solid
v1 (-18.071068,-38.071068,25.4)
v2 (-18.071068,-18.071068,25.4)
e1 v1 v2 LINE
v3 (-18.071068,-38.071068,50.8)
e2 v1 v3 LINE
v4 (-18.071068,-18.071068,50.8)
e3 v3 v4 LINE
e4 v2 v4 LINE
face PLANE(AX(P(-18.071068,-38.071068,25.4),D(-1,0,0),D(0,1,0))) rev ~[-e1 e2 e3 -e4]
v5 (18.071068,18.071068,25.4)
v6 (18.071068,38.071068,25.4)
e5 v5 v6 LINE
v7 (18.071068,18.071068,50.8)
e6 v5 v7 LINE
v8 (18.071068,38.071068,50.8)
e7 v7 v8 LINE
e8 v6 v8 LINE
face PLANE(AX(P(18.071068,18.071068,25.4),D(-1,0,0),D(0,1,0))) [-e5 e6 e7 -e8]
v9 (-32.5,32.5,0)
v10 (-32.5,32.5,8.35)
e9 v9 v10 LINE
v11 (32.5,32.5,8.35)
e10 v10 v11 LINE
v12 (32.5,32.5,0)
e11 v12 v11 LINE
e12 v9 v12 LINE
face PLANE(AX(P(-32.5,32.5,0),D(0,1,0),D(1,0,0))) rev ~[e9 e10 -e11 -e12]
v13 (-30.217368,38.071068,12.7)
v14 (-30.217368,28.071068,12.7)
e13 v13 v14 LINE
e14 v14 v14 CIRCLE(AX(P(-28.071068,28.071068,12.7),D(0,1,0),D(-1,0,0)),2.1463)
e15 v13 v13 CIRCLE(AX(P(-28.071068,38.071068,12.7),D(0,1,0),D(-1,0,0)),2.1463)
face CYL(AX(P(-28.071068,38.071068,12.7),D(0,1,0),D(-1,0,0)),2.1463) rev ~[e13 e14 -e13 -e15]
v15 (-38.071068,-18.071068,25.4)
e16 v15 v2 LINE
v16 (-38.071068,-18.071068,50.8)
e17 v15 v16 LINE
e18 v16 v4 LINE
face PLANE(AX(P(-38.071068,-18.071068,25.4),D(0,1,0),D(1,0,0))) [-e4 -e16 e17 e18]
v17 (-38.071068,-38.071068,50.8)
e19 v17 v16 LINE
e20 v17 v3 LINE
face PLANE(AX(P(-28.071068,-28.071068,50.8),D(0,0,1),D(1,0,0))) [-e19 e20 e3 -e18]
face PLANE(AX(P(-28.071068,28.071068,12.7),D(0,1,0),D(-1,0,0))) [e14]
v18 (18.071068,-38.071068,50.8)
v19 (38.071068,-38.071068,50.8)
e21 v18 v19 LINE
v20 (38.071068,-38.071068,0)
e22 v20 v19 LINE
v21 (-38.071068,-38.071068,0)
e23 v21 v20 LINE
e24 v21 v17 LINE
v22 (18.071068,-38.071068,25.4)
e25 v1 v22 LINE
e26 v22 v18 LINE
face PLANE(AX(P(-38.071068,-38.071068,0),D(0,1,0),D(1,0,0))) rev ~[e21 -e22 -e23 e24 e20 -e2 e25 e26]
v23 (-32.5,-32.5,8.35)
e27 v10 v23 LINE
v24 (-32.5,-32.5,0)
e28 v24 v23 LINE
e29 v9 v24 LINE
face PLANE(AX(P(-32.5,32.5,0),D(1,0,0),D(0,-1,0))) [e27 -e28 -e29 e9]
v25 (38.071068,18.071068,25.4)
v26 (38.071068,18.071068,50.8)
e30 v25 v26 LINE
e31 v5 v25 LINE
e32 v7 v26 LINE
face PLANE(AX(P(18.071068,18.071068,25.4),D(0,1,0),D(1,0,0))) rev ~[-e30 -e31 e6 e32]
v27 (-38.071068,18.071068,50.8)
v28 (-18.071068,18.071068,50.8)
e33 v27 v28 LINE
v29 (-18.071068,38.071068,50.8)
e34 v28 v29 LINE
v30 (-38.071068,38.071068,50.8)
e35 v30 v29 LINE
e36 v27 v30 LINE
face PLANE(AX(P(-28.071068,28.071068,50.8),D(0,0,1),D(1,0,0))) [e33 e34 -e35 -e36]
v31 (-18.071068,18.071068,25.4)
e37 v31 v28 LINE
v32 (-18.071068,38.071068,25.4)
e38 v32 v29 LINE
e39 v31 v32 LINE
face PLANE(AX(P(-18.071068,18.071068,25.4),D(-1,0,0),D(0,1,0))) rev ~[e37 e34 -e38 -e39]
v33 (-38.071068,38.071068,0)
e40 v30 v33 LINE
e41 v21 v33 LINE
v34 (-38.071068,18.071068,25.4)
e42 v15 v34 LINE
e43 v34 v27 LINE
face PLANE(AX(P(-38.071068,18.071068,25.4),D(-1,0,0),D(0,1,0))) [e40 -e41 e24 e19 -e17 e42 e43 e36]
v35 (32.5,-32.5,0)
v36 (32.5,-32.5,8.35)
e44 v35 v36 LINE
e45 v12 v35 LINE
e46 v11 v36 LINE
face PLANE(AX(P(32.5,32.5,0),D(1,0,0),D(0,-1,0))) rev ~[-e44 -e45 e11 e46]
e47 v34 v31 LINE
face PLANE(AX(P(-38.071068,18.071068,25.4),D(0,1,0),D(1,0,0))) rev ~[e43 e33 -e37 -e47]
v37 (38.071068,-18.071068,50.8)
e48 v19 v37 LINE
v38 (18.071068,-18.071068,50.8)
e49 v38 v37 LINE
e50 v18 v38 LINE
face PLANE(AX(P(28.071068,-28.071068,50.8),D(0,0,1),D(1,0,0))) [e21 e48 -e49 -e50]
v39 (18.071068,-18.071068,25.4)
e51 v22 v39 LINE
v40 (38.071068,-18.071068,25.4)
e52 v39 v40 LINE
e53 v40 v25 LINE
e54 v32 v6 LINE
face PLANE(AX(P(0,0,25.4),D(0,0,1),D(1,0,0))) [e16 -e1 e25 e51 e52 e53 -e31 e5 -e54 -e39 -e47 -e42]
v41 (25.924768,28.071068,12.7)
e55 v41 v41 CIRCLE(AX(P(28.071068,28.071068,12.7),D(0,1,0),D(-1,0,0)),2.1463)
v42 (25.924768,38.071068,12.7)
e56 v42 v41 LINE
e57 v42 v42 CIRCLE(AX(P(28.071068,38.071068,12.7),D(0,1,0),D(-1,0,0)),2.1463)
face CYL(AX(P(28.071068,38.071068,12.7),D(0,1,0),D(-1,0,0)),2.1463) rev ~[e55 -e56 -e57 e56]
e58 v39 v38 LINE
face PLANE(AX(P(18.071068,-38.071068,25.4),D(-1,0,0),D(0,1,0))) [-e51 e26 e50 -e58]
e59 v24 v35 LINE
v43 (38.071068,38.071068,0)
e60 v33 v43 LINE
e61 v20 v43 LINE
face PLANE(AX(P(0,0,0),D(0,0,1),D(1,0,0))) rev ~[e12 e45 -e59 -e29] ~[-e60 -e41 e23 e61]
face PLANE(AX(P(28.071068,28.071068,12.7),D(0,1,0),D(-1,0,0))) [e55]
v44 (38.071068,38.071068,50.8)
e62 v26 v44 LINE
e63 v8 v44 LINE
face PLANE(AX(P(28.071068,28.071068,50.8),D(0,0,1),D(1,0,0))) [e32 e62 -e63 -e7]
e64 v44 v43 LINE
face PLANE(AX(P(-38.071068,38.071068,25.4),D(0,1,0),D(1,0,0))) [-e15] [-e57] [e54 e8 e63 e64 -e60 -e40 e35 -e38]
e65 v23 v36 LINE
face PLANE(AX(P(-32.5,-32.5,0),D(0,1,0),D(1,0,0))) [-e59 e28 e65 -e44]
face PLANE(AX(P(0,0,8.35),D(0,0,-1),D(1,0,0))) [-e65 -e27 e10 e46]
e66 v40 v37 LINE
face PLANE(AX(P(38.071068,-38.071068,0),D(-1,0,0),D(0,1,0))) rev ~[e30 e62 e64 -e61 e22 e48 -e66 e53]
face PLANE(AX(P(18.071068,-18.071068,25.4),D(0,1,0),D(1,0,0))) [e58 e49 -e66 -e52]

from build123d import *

# Parameters (mm, degrees)
SKETCH_W        = 76.142136
SKETCH_H        = 76.142136
PAD_DEPTH       = 25.4
SKETCH001_W     = 20
SKETCH001_H     = 20
PAD001_DEPTH    = 25.4
SKETCH002_W     = 65
SKETCH002_H     = 65
POCKET_DEPTH    = 8.35
SKETCH003_R     = 2.1463
POCKET001_DEPTH = 10


with BuildPart() as part:
    # Sketch → Pad (new body)
    with BuildSketch(Plane.XY):
        Rectangle(SKETCH_W, SKETCH_H)
    extrude(amount=PAD_DEPTH)

    # Sketch001 (on Face6 of Pad) → Pad001 (join)
    with BuildSketch(Plane.XY.offset(25.4)):
        with Locations((-28.071068, 28.071068)):
            Rectangle(SKETCH001_W, SKETCH001_H)
        with Locations((28.071068, 28.071068)):
            Rectangle(SKETCH001_W, SKETCH001_H)
        with Locations((28.071068, -28.071068)):
            Rectangle(SKETCH001_W, SKETCH001_H)
        with Locations((-28.071068, -28.071068)):
            Rectangle(SKETCH001_W, SKETCH001_H)
    extrude(amount=PAD001_DEPTH)

    # Sketch002 (on Face4 of Pad001) → Pocket (cut)
    with BuildSketch(Plane(origin=(0, 0, 0), x_dir=(1, 0, 0), z_dir=(0, 0, -1))):
        Rectangle(SKETCH002_W, SKETCH002_H)
    extrude(amount=-POCKET_DEPTH, mode=Mode.SUBTRACT)

    # Sketch003 (on Face1 of Pocket) → Pocket001 (cut)
    with BuildSketch(Plane(origin=(0, 38.071068, 0), x_dir=(-1, 0, 0), z_dir=(0, 1, 0))):
        with Locations((-28.071068, 12.7)):
            Circle(SKETCH003_R)
        with Locations((28.071068, 12.7)):
            Circle(SKETCH003_R)
    extrude(amount=-POCKET001_DEPTH, mode=Mode.SUBTRACT)


solid = part.part
